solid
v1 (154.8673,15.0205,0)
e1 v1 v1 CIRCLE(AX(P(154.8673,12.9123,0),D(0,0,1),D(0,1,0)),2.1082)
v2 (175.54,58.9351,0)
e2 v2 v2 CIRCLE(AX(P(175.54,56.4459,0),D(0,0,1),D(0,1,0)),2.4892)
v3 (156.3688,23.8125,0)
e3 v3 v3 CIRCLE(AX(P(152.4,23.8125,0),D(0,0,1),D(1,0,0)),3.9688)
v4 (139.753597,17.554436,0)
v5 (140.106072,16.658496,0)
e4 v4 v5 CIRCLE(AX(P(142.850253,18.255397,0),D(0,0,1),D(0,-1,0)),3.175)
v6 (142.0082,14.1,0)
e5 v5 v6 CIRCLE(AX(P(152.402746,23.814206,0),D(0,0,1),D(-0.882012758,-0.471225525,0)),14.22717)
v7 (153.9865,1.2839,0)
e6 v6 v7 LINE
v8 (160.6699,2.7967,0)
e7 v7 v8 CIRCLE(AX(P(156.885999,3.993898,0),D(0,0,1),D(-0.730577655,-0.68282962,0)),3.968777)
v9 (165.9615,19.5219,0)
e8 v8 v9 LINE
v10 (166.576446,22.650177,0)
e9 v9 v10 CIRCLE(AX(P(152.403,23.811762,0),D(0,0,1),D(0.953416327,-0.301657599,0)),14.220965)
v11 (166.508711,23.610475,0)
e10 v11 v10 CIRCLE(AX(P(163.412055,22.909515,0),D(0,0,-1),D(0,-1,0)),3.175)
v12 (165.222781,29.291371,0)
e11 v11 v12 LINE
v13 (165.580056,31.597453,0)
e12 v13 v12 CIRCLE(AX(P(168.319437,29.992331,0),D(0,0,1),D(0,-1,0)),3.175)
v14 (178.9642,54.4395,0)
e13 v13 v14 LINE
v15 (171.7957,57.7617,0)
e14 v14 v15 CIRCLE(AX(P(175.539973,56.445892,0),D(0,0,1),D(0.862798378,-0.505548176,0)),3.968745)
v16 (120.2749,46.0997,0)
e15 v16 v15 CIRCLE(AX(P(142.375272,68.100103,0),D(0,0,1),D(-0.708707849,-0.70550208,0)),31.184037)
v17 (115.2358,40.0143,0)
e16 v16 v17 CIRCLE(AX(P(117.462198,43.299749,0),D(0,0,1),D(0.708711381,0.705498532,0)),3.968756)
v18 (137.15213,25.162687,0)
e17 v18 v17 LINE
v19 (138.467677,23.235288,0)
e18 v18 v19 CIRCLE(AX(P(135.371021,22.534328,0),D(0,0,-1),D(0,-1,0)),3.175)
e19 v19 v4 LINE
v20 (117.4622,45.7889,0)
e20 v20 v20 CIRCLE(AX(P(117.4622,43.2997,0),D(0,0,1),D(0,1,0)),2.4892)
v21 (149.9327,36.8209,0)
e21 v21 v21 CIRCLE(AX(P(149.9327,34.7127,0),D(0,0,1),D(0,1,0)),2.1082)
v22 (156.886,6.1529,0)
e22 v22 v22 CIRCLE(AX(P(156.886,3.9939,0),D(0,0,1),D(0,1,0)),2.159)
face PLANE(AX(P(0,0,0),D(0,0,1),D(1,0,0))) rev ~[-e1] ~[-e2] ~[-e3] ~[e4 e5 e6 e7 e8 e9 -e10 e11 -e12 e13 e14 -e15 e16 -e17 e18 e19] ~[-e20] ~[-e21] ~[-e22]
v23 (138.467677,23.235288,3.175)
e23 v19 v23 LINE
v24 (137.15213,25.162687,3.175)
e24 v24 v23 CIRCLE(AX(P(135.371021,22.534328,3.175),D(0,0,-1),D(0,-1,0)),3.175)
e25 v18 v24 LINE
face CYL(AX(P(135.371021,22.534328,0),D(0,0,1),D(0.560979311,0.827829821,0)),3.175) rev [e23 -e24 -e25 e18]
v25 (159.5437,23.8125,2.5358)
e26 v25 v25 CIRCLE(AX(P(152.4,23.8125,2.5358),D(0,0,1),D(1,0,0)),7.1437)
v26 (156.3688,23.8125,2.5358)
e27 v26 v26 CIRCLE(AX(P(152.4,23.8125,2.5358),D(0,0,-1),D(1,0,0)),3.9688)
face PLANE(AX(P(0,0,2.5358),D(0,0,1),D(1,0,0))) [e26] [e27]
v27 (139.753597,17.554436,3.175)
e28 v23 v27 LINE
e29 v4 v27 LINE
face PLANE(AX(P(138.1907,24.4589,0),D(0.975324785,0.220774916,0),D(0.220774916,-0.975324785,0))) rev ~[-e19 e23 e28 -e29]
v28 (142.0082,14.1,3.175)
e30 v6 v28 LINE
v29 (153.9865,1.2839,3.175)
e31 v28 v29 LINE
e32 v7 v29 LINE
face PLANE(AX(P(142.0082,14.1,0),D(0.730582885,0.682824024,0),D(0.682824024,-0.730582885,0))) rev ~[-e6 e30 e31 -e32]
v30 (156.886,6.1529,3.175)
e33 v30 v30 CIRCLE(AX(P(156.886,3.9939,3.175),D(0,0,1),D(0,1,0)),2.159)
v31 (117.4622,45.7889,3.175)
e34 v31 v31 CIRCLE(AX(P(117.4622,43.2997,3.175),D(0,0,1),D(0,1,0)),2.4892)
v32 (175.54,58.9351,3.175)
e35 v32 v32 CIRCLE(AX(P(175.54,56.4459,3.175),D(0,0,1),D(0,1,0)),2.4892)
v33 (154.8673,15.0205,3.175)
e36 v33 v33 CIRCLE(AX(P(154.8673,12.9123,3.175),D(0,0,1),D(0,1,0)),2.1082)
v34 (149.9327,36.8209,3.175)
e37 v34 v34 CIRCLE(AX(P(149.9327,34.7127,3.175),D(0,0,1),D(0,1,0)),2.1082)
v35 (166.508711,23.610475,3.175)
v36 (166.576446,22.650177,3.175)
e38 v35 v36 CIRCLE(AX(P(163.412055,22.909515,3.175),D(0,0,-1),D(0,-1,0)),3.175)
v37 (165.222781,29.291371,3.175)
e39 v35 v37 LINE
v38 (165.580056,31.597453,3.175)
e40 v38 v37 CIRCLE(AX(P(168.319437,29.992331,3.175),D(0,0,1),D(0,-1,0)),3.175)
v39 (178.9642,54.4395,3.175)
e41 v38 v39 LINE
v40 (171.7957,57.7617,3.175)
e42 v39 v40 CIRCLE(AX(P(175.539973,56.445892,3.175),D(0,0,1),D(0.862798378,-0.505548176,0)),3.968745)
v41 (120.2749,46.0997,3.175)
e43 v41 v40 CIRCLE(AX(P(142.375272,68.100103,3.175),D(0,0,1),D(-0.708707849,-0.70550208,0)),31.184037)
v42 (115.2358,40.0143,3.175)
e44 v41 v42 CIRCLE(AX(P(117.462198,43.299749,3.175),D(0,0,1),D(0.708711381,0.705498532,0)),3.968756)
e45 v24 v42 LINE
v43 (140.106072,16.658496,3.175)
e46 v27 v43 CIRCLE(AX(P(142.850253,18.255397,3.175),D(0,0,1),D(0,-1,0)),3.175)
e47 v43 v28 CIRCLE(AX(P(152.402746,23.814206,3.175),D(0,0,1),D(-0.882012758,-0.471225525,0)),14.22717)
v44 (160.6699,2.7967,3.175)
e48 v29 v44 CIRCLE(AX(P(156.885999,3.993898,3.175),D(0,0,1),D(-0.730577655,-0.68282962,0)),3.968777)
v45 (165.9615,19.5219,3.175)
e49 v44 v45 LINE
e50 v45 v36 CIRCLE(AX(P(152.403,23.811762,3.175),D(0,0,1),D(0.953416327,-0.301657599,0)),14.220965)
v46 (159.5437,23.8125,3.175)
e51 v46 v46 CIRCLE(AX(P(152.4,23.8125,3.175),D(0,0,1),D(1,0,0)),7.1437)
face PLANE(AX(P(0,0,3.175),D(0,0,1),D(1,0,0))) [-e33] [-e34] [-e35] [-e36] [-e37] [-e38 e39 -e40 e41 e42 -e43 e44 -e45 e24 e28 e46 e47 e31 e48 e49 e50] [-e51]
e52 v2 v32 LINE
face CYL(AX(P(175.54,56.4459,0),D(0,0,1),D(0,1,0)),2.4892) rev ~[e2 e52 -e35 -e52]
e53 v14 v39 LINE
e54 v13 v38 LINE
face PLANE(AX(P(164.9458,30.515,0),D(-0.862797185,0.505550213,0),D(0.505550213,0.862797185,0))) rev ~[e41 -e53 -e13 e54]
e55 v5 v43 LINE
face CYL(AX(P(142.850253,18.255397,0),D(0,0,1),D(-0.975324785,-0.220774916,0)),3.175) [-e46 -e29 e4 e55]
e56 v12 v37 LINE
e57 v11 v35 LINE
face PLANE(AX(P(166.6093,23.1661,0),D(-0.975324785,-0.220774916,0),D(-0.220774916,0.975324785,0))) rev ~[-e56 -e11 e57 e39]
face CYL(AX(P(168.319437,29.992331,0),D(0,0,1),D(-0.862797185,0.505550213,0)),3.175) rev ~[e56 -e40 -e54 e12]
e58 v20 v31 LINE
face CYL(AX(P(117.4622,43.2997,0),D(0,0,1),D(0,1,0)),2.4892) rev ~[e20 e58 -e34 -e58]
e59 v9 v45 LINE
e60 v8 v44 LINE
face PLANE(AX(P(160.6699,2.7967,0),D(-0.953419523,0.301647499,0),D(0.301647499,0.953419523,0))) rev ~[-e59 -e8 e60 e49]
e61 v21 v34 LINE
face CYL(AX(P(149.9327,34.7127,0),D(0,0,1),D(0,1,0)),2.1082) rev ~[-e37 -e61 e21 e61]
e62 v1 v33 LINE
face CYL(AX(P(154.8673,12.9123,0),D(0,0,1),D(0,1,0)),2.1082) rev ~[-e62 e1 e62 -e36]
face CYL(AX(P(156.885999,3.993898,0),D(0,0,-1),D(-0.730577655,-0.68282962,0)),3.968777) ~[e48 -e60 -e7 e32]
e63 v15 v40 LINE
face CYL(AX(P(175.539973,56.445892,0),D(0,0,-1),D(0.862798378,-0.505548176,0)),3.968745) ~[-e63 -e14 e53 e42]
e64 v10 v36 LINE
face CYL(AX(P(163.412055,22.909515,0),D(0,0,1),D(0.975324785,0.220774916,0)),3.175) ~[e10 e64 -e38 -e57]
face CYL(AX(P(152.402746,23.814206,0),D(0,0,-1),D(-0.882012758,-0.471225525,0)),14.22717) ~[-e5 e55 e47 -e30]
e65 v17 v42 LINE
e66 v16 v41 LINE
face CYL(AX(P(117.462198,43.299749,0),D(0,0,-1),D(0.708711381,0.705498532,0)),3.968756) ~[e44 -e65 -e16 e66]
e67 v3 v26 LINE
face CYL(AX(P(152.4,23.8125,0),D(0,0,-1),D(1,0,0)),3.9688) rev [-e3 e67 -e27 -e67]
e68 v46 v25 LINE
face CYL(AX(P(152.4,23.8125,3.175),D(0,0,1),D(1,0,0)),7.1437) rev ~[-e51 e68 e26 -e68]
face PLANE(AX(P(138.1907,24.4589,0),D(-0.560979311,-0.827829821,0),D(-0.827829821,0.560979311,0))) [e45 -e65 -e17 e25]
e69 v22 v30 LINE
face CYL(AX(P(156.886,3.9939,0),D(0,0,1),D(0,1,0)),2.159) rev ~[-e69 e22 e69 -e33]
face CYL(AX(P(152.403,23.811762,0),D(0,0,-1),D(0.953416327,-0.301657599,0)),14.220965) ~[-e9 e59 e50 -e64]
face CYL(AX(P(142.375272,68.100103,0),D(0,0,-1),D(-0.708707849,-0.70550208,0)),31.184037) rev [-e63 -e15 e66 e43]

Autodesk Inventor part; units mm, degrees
ref_plane "YZ Plane" through (0, 0, 0) normal (1, 0, 0) x (0, 1, 0)
ref_plane "XZ Plane" through (0, 0, 0) normal (0, 1, 0) x (-1, 0, 0)
ref_plane "XY Plane" through (0, 0, 0) normal (0, 0, 1) x (1, 0, 0)
sketch "Main Outline" plane through (0, 0, 0) normal (0, 0, 1) x (1, 0, 0)
  line L0 (0, 0) -> (304.8, 0) construction
  line L1 (304.8, 0) -> (304.8, 50.8) construction
  line L2 (304.8, 50.8) -> (0, 50.8) construction
  line L3 (0, 50.8) -> (0, 0) construction
  line L4 (0, 50.8) -> (0, 53.34) construction
  line L5 (0, 53.34) -> (304.8, 53.34) construction
  line L6 (304.8, 53.34) -> (304.8, 50.8) construction
  circle A0 centre (152.4, 23.8125) radius 17.4625 construction
  line L7 (152.4, 23.8125) -> (152.4, 0) construction
  circle A1 centre (152.4, 23.8125) radius 27.94 construction
  circle A2 centre (152.4, 23.8125) radius 21.59 construction
  line L8 (152.4, 23.8125) -> (144.1569, 60.2292) construction
  circle A3 centre (144.1569, 60.2292) radius 15.24 construction
  circle A4 centre (144.1569, 60.2292) radius 8.89 construction
  circle A5 centre (144.1569, 60.2292) radius 14.2875 construction
  arc A6 (163.8162, 72.0089) -> (128.198, 43.7805) centre (144.1569, 60.2292) ccw construction
  circle A7 centre (98.8106, 85.598) radius 32.258 construction
  circle A8 centre (124.5097, 147.0273) radius 32.258 construction
  circle A9 centre (174.158, 102.6533) radius 32.258 construction
  circle A10 centre (144.1569, 60.2292) radius 11.1125 construction
  circle A11 centre (152.4, 23.8125) radius 49.53 construction
  line L9 (144.1569, 60.2292) -> (124.5097, 147.0273) construction
  line L10 (144.1569, 60.2292) -> (98.8106, 85.598) construction
  line L11 (98.8106, 85.598) -> (174.158, 102.6533) construction
  line L12 (174.158, 102.6533) -> (144.1569, 60.2292) construction
  circle A12 centre (98.8106, 85.598) radius 9.5493 construction
  arc A13 (172.0498, 111.9669) -> (183.1109, 99.3313) centre (174.158, 102.6533) ccw construction
  circle A14 centre (124.5097, 147.0273) radius 9.5493 construction
  line L13 (96.7024, 94.9117) -> (172.0498, 111.9669) construction
  line L14 (183.1109, 99.3313) -> (165.6438, 52.2565) construction
  line L15 (92.161, 78.7444) -> (128.198, 43.7805) construction
  line L16 (172.0498, 111.9669) -> (174.158, 102.6533) construction
  line L17 (174.158, 102.6533) -> (183.1109, 99.3313) construction
  arc A15 (183.1109, 99.3313) -> (172.0498, 111.9669) centre (174.158, 102.6533) ccw construction
  arc A16 (165.6438, 52.2565) -> (163.8162, 72.0089) centre (144.1569, 60.2292) ccw construction
  arc A17 (128.198, 43.7805) -> (165.6438, 52.2565) centre (144.1569, 60.2292) ccw construction
  circle A18 centre (124.4396, 147.337) radius 32.258 construction
  circle A19 centre (124.3695, 147.6466) radius 32.258 construction
  circle A20 centre (124.2994, 147.9563) radius 32.258 construction
  line L18 (124.5097, 147.0273) -> (124.2994, 147.9563) construction
  circle A21 centre (124.5798, 146.7176) radius 32.258 construction
  circle A22 centre (117.4622, 43.2997) radius 9.525 construction
  circle A23 centre (175.54, 56.4459) radius 9.525 construction
  line L19 (152.4, 23.8125) -> (117.4622, 43.2997) construction
  line L20 (152.4, 23.8125) -> (175.54, 56.4459) construction
  line L21 (117.4622, 43.2997) -> (98.8106, 85.598) construction
  line L22 (175.54, 56.4459) -> (174.158, 102.6533) construction
  circle A24 centre (133.7342, 106.2753) radius 7.9375 construction
  line L23 (133.401, 150.5107) -> (165.496, 68.5894) construction
  circle A25 centre (152.4, 23.8125) radius 29.845 construction
  line L24 (114.985, 146.3422) -> (121.2977, 58.5849) construction
  circle A26 centre (99.0876, 85.443) radius 32.258 construction
  circle A27 centre (97.9793, 86.063) radius 32.258 construction
  line L25 (97.9793, 86.063) -> (98.8106, 85.598) construction
  circle A28 centre (98.2564, 85.908) radius 32.258 construction
  circle A29 centre (98.5335, 85.753) radius 32.258 construction
  circle A30 centre (152.4, 23.8125) radius 29.845 construction
  circle A31 centre (122.555, 23.8125) radius 6.35 construction
  circle A32 centre (179.3358, 36.6651) radius 6.35 construction
  line L26 (122.555, 23.8125) -> (152.4, 23.8125) construction
  line L27 (152.4, 23.8125) -> (182.245, 23.8125) construction
  circle A33 centre (182.245, 23.8125) radius 6.35 construction
  circle A34 centre (125.4642, 10.9599) radius 6.35 construction
  circle A35 centre (150.1885, 33.5827) radius 39.8623 construction
  line L28 (72.8944, 65.7819) -> (119.1902, 8.5205) construction
  circle A36 centre (174.708, 103.431) radius 32.258 construction
  line L29 (174.158, 102.6533) -> (174.708, 103.431) construction
  circle A37 centre (174.5246, 103.1717) radius 32.258 construction
  circle A38 centre (174.3413, 102.9125) radius 32.258 construction
  circle A39 centre (173.9747, 102.394) radius 32.258 construction
  line L30 (188.958, 24.3128) -> (206.0816, 95.9295) construction
  circle A40 centre (133.7342, 106.2753) radius 8.1693 construction
  arc A41 (85.4541, 115.7901) -> (94.2274, 135.7949) centre (79.2901, 130.4196) ccw construction
  arc A42 (156.6774, 149.9308) -> (173.2104, 135.6542) centre (172.4734, 151.5121) ccw construction
  line L31 (124.2994, 147.9563) -> (124.8602, 145.479) construction
  line L32 (114.3901, 145.7133) -> (114.9509, 143.236) construction
  line L33 (134.7695, 147.722) -> (134.2088, 150.1993) construction
  arc A43 (134.2088, 150.1993) -> (114.3901, 145.7133) centre (124.2994, 147.9563) ccw construction
  arc A44 (114.9509, 143.236) -> (134.7695, 147.722) centre (124.8602, 145.479) ccw construction
  line L34 (174.708, 103.431) -> (173.2414, 101.3571) construction
  line L35 (166.4126, 109.2972) -> (164.9461, 107.2234) construction
  line L36 (181.5368, 95.4909) -> (183.0033, 97.5647) construction
  arc A45 (183.0033, 97.5647) -> (166.4126, 109.2972) centre (174.708, 103.431) ccw construction
  arc A46 (164.9461, 107.2234) -> (181.5368, 95.4909) centre (173.2414, 101.3571) ccw construction
  line L37 (97.9793, 86.063) -> (100.196, 84.8229) construction
  line L38 (93.0188, 77.1963) -> (95.2355, 75.9562) construction
  line L39 (105.1564, 93.6897) -> (102.9398, 94.9298) construction
  arc A47 (102.9398, 94.9298) -> (93.0188, 77.1963) centre (97.9793, 86.063) ccw construction
  arc A48 (95.2355, 75.9562) -> (105.1564, 93.6897) centre (100.196, 84.8229) ccw construction
  circle A49 centre (117.4622, 43.2997) radius 3.9687 construction
  circle A50 centre (175.54, 56.4459) radius 3.9687 construction
  line L40 (152.4, 23.8125) -> (158.9889, -5.2961) construction
  arc A51 (89.3511, 54.6895) -> (85.9237, 49.6664) centre (88.3927, 51.6626) ccw construction
  arc A52 (201.2624, 75.7739) -> (196.006, 78.8314) centre (198.1744, 76.5122) ccw construction
  circle A53 centre (152.4, 23.8125) radius 14.224 construction
  circle A54 centre (133.7342, 106.2753) radius 3.9687 construction
  circle A55 centre (156.886, 3.9939) radius 6.35 construction
  circle A56 centre (156.886, 3.9939) radius 2.0828 construction
  circle A57 centre (152.4, 23.8125) radius 20.32 construction
  line L41 (132.9935, 29.8368) -> (152.4, 23.8125) construction
  line L42 (152.4, 23.8125) -> (167.3204, 37.6068) construction
  circle A58 centre (167.3204, 37.6068) radius 2.0828 construction
  circle A59 centre (167.3204, 37.6068) radius 3.9687 construction
  circle A60 centre (132.9935, 29.8368) radius 2.0828 construction
  circle A61 centre (132.9935, 29.8368) radius 3.9688 construction
  point P0 (173.9747, 102.394)
  point P1 (99.0876, 85.443)
  dimension "d18" = 99.06
  dimension "d58" = 64.516
  dimension "d86" = 64.516
  dimension "d0" = 304.8
  dimension "d1" = 50.8
  dimension "d2" = 2.54
  dimension "d3" = 34.925
  dimension "d4" = 23.8125
  dimension "d5" = 152.4
  dimension "d6" = 55.88
  dimension "d7" = 43.18
  dimension "d8" = 37.338
  dimension "d10" = 30.48
  dimension "d11" = 17.78
  dimension "d12" = 28.575
  dimension "d13" = 45.8366
  dimension "d14" = 64.516
  dimension "d15" = 64.516
  dimension "d16" = 64.516
  dimension "d17" = 22.225
  dimension "d19" = 51.9602
  dimension "d20" = 88.9939
  dimension "d21" = 19.0986
  dimension "d22" = 19.0986
  dimension "d23" = 19.0986
  dimension "d30" = 123.112
  dimension "d40" = 64.516
  dimension "d41" = 64.516
  dimension "d42" = 64.516
  dimension "d43" = 0.9525
  dimension "d44" = 0.3175
  dimension "d45" = 0.635
  dimension "d46" = 64.516
  dimension "d47" = 0.3175
  dimension "d48" = 19.05
  dimension "d49" = 19.05
  dimension "d50" = 40.005
  dimension "d51" = 40.005
  dimension "d52" = 46.228
  dimension "d54" = 46.228
  dimension "d55" = 15.875
  dimension "d56" = 41.4655
  dimension "d57" = 59.69
  dimension "d59" = 64.516
  dimension "d60" = 64.516
  dimension "d61" = 64.516
  dimension "d62" = 0.3175
  dimension "d63" = 0.3175
  dimension "d64" = 0.635
  dimension "d65" = 0.9525
  dimension "d73" = 12.7
  dimension "d74" = 12.7
  dimension "d76" = 59.69
  dimension "d78" = 12.7
  dimension "d79" = 12.7
  dimension "d80" = 64.516
  dimension "d81" = 0.9525
  dimension "d82" = 64.516
  dimension "d83" = 64.516
  dimension "d84" = 0.3175
  dimension "d85" = 0.635
  dimension "d88" = 0.3175
  dimension "d89" = 31.75
  dimension "d90" = 31.75
  dimension "d94" = 1.5875
  dimension "d95" = 20.32
  dimension "d96" = 1.5875
sketch "Upper CIM C-C Check" plane through (0, 0, 0) normal (0, 0, 1) x (1, 0, 0)
  arc A0 (3.4429, -22.6582) -> (3.4429, 22.6582) centre (0, 0) ccw construction
  arc A1 (90.4285, 9.4409) -> (90.4285, -9.4409) centre (88.9939, 0) ccw construction
  line L0 (88.9939, 0) -> (0, 0) construction
  line L1 (90.4285, 9.4409) -> (3.4429, 22.6582)
  line L2 (3.4429, -22.6582) -> (90.4285, -9.4409)
  arc A2 (90.4285, -9.4409) -> (90.4285, 9.4409) centre (88.9939, 0) ccw
  arc A3 (3.4429, 22.6582) -> (3.4429, -22.6582) centre (0, 0) ccw
  dimension "d24" = 45.8366
  dimension "d25" = 19.0986
  dimension "d26" = 78.9119
  dimension "d27" = 87.984
  dimension "d28" = 27.12
  dimension "d29" = 88.9939
sketch "Sketch3" plane through (0, 0, 0) normal (0, 0, 1) x (1, 0, 0)
  arc A0 (120.2749, 46.0997) -> (115.2358, 40.0143) centre (117.4622, 43.2997) ccw
  arc A1 (178.9642, 54.4395) -> (171.7957, 57.7617) centre (175.54, 56.4459) ccw
  arc A2 (160.6699, 2.7967) -> (153.9865, 1.2839) centre (156.886, 3.9939) ccw construction
  arc A3 (128.198, 43.7805) -> (165.6438, 52.2565) centre (144.1569, 60.2292) ccw construction
  arc A4 (139.8542, 17.11) -> (142.0082, 14.1) centre (152.4, 23.8125) ccw
  line L0 (156.886, 3.9939) -> (144.1569, 60.2292) construction
  circle A5 centre (152.4, 23.8125) radius 11.176 construction
  line L1 (166.6093, 23.1661) -> (164.9458, 30.515)
  line L2 (160.6699, 2.7967) -> (165.9615, 19.5219)
  line L3 (164.9458, 30.515) -> (178.9642, 54.4395)
  line L4 (138.1907, 24.4589) -> (139.8542, 17.11)
  line L5 (142.0082, 14.1) -> (153.9865, 1.2839)
  line L6 (138.1907, 24.4589) -> (115.2358, 40.0143)
  arc A6 (138.1907, 24.4589) -> (139.8542, 17.11) centre (152.4, 23.8125) ccw construction
  arc A7 (164.9458, 30.515) -> (138.1907, 24.4589) centre (152.4, 23.8125) ccw construction
  arc A8 (166.6093, 23.1661) -> (164.9458, 30.515) centre (152.4, 23.8125) ccw construction
  arc A9 (155.5402, 9.9395) -> (165.9615, 19.5219) centre (152.4, 23.8125) ccw construction
  arc A10 (142.0082, 14.1) -> (155.5402, 9.9395) centre (152.4, 23.8125) ccw construction
  arc A11 (165.9615, 19.5219) -> (166.6093, 23.1661) centre (152.4, 23.8125) ccw
  arc A12 (153.9865, 1.2839) -> (160.6699, 2.7967) centre (156.886, 3.9939) ccw
  arc A13 (120.2749, 46.0997) -> (171.7957, 57.7617) centre (142.3753, 68.1002) ccw
  arc A14 (171.7957, 57.7617) -> (120.2749, 46.0997) centre (142.3753, 68.1002) ccw construction
  arc A15 (115.2358, 40.0143) -> (120.2749, 46.0997) centre (117.4622, 43.2997) ccw construction
  arc A16 (171.7957, 57.7617) -> (178.9642, 54.4395) centre (175.54, 56.4459) ccw construction
  circle A17 centre (152.4, 23.8125) radius 3.9688
  point P0 (0, 0)
  point P1 (149.9327, 34.7127)
  point P2 (154.8673, 12.9123)
  dimension "d115" = 7.9375
  dimension "d117" = 22.352
  dimension "d118" = 13.716
  dimension "d119" = 13.716
  dimension "d120" = 14.224
  dimension "d121" = 7.9375
extrude "Extrusion1" add sketch "Sketch3" along normal blind 3.175
hole "Hole1" at (175.54, 56.4459, 0) at (117.4622, 43.2997, 0) direction (0, 0, 1) diameter 4.9784 end through all clearance for "Socket Head Cap Screw" size "#10" standard "Ansi Unified Screw Threads"
hole "Hole2" at (149.9327, 34.7127, 0) at (154.8673, 12.9123, 0) direction (0, 0, 1) diameter 4.2164 end through all
hole "Hole3" at (156.886, 3.9939, 0) direction (0, 0, 1) diameter 4.318 end through all clearance for "Socket Head Cap Screw" size "#8" standard "Ansi Unified Screw Threads"
fillet "Fillet1" radius 3.175 4 edges at (138.1907, 24.4589, 1.5875) (164.9458, 30.515, 1.5875) (166.6093, 23.1661, 1.5875) (139.8542, 17.11, 1.5875)
sketch "Sketch4" plane through (0, 0, 3.175) normal (0, 0, 1) x (1, 0, 0)
  circle A0 centre (152.4, 23.8125) radius 3.9687 projected
  arc A1 (165.9615, 19.5219) -> (166.5764, 22.6501) centre (152.4, 23.8125) ccw projected
  circle A2 centre (152.4, 23.8125) radius 7.1437
  point P0 (0, 0)
  dimension "d146" = 14.2875
extrude "Extrusion2" cut sketch "Sketch4" against normal blind 0.6392
equation "\"d3\" = r10"
equation "\"d6\" = g44"
equation "\"d7\" = g34"
equation "\"d10\" = g24"
equation "\"d11\" = g14"
equation "\"d12\" = r8"
equation "\"d13\" = p48"
equation "\"d14\" = cim"
equation "\"d15\" = cim"
equation "\"d16\" = cim"
equation "\"d17\" = r6"
equation "\"d21\" = p20"
equation "\"d22\" = p20"
equation "\"d23\" = p20"
equation "\"d24\" = p48"
equation "\"d25\" = p20"
equation "\"d29\" = d20"
equation "\"g14\" = 17.78"
equation "\"g24\" = 30.48"
equation "\"g34\" = 43.18"
equation "\"g44\" = 55.88"
equation "\"p20\" = 19.09859"
equation "\"p48\" = 45.83662"
equation "\"r10\" = 34.925"
equation "\"r9\" = 31.75"
equation "\"r8\" = 28.575"
equation "\"r7\" = 25.4"
equation "\"r6\" = 22.225"
equation "\"r5\" = 19.05"
equation "\"r4\" = 15.875"
equation "\"r3\" = 12.7"
equation "\"cim\" = 64.516"
equation "\"act\" = 28.448"
equation "\"actL\" = 23.749"
equation "\"UpperCimCCCheck\" = 2 * d27 + d26 + d28"
equation "\"LowerBeltPathCCCheck\" = 267"
properties material "Aluminum 6061"
